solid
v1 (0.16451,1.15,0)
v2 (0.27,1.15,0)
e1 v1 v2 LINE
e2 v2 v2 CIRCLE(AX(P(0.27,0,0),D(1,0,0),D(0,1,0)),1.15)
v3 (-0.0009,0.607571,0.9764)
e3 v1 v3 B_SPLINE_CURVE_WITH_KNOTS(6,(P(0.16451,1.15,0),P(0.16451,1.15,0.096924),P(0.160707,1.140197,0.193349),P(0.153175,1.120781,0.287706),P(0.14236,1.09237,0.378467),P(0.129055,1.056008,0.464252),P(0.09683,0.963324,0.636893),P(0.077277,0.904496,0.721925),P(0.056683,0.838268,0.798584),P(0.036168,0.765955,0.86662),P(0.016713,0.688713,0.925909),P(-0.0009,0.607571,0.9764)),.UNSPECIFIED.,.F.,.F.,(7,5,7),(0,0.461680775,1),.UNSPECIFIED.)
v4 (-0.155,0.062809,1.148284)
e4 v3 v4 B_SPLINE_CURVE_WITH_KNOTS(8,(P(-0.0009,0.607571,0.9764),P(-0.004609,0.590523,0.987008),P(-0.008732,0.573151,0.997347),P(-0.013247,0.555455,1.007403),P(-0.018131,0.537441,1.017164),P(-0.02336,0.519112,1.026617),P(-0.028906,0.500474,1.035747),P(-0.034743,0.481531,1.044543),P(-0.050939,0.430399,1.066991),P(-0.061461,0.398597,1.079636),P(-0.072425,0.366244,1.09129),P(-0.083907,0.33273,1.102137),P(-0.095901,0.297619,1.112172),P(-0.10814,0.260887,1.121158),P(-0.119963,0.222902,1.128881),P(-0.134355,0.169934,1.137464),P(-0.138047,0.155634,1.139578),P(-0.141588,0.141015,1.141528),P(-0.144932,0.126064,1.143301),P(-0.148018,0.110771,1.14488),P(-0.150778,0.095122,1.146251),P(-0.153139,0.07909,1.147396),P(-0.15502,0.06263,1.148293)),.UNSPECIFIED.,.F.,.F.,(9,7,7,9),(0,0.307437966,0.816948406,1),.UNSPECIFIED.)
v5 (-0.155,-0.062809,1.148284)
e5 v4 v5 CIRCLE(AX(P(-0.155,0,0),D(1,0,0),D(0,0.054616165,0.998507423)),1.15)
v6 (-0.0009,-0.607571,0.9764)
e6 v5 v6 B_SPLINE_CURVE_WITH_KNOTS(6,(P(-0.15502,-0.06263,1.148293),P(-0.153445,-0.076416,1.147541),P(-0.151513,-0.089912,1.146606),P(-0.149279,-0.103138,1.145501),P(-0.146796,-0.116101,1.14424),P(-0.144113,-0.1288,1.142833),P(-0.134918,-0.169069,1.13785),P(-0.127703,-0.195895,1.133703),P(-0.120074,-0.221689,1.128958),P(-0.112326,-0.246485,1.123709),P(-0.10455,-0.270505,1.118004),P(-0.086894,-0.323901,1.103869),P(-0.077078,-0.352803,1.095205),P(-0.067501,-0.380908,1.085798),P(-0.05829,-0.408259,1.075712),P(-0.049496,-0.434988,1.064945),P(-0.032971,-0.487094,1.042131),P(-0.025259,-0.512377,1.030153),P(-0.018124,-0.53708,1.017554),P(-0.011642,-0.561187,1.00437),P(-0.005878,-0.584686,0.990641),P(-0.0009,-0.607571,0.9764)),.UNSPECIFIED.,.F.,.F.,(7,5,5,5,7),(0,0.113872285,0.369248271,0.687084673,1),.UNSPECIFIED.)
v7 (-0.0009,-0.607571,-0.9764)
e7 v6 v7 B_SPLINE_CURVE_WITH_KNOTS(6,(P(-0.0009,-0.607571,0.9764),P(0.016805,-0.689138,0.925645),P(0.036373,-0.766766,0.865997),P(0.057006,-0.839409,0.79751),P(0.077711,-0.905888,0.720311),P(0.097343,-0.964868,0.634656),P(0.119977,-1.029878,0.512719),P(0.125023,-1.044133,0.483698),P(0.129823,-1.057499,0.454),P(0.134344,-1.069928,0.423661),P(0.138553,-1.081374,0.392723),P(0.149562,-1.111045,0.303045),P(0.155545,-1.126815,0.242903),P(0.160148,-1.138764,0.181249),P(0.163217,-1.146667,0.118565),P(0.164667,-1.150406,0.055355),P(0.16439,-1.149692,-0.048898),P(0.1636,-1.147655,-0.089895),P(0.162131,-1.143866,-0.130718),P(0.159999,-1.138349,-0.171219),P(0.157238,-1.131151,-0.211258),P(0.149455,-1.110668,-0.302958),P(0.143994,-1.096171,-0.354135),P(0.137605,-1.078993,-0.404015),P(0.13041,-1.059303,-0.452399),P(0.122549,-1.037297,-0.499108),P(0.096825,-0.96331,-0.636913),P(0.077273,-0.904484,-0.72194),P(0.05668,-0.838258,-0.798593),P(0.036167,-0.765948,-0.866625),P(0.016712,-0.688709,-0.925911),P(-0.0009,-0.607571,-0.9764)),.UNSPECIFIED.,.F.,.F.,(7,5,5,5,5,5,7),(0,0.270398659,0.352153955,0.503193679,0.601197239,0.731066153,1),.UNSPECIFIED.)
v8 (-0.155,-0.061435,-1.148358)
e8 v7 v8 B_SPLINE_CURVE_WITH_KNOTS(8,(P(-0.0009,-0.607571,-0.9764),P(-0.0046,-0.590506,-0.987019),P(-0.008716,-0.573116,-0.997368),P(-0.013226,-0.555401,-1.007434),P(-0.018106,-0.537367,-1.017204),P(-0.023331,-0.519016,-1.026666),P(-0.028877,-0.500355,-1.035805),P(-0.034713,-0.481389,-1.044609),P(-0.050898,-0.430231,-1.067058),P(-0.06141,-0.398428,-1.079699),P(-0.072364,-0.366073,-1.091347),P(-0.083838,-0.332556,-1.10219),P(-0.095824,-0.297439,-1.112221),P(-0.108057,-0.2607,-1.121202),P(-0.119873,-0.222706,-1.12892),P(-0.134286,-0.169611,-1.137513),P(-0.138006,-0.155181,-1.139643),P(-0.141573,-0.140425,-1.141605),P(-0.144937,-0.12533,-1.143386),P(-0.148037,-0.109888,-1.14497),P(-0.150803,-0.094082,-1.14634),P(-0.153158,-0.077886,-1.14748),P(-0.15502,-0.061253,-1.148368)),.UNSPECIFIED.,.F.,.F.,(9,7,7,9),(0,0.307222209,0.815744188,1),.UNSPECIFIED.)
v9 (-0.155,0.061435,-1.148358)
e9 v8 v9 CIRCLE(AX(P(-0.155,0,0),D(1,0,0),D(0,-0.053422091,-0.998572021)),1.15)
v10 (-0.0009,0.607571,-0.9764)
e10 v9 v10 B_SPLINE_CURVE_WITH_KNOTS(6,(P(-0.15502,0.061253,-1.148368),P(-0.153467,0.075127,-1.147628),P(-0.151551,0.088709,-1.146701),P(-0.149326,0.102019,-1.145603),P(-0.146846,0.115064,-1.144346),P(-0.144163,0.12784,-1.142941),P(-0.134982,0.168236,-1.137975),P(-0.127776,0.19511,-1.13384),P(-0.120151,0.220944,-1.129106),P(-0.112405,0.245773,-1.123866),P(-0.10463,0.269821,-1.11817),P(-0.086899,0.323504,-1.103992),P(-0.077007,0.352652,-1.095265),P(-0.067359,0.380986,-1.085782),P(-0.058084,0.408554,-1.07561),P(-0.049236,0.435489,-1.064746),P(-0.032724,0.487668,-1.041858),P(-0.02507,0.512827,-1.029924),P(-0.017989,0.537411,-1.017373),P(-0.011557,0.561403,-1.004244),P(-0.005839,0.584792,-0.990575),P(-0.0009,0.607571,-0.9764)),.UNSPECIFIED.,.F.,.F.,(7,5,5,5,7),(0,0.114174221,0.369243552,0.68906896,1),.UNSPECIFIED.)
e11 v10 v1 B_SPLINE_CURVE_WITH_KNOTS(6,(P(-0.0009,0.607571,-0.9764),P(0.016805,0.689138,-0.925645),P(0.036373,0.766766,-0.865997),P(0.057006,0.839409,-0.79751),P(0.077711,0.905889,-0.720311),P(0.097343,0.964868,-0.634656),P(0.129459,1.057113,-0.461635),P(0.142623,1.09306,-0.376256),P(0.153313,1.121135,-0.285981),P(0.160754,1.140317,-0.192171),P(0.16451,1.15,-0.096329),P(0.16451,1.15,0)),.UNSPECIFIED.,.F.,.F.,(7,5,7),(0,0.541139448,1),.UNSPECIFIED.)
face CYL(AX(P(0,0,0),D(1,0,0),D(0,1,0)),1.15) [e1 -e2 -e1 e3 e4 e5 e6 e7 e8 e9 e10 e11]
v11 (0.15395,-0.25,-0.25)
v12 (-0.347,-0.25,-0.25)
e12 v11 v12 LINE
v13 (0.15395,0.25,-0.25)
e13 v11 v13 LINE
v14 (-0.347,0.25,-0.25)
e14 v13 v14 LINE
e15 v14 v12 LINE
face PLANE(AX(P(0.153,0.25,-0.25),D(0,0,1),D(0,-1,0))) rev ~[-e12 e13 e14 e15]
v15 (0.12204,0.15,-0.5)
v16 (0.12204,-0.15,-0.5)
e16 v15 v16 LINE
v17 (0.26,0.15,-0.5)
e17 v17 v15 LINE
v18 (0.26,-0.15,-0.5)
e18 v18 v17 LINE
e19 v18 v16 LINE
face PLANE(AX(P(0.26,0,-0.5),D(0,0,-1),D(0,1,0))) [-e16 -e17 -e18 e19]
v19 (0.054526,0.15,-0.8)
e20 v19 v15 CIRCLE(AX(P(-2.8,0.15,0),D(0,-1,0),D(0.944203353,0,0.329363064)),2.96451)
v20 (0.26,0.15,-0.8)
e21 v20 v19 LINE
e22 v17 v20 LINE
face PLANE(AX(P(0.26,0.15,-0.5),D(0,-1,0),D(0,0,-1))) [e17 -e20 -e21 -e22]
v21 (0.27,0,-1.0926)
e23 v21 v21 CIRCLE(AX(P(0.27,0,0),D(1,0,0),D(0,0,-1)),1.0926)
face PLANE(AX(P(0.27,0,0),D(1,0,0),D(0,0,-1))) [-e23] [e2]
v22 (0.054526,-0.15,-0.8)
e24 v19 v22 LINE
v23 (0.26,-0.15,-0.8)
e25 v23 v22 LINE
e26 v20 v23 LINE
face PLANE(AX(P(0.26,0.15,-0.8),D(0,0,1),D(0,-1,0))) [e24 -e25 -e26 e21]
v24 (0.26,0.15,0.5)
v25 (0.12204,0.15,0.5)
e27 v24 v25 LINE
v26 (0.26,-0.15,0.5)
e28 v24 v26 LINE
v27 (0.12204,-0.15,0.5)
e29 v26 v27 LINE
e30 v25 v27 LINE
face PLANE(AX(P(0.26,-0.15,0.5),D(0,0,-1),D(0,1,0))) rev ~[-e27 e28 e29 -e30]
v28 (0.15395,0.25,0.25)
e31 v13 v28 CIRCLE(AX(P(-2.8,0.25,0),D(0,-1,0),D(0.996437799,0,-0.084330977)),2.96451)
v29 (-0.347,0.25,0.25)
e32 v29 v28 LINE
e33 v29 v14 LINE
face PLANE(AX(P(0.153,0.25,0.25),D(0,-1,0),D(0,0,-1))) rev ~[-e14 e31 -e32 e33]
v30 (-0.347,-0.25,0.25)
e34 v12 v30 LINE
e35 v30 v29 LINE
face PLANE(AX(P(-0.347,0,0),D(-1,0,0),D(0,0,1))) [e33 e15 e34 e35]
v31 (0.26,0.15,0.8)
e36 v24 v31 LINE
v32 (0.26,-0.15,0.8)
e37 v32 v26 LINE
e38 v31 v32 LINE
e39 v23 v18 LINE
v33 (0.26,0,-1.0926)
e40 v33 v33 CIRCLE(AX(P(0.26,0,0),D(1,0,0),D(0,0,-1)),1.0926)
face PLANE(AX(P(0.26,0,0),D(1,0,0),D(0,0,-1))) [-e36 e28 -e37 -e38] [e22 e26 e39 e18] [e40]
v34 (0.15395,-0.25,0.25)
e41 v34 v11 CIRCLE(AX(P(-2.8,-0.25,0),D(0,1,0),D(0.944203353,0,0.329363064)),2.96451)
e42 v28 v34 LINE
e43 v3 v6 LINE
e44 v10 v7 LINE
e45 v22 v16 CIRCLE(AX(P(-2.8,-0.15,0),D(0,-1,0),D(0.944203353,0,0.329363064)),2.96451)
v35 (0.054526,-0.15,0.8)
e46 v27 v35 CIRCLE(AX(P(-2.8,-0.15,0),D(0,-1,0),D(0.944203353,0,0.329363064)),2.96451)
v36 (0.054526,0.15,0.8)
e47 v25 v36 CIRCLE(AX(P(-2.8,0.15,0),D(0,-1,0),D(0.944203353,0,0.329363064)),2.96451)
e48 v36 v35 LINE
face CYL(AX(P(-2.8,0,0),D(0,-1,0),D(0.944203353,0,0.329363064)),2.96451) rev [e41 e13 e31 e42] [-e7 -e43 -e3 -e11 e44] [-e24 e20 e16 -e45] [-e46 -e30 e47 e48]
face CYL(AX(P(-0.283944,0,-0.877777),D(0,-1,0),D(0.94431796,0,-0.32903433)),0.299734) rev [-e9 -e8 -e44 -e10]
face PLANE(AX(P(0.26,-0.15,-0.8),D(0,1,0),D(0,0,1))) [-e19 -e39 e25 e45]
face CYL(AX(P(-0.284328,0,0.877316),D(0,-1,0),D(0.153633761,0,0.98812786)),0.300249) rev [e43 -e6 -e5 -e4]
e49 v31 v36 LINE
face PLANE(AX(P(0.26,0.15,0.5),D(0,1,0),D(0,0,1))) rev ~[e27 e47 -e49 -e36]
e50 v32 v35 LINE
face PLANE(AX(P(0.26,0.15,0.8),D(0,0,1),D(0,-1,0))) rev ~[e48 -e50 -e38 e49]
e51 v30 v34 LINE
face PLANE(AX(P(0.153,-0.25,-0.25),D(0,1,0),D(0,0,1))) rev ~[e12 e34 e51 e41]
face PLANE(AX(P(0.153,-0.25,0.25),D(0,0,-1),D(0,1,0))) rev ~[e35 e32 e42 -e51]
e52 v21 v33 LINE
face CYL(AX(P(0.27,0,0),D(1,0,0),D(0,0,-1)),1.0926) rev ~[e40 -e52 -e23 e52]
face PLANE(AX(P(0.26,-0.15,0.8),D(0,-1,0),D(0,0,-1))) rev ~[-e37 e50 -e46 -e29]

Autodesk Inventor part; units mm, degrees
ref_plane "YZ Plane" through (0, 0, 0) normal (1, 0, 0) x (0, 1, 0)
ref_plane "XZ Plane" through (0, 0, 0) normal (0, 1, 0) x (-1, 0, 0)
ref_plane "XY Plane" through (0, 0, 0) normal (0, 0, 1) x (1, 0, 0)
sketch "Boceto4" plane through (0, 0, 0) normal (1, 0, 0) x (0, 1, 0)
  circle A0 centre (0, 0) radius 1.15
  circle A1 centre (0, 0) radius 1.0926
extrude "Extrusión3" add sketch "Boceto4" along normal blind 0.27 and the other way blind 0.155 contours A0 | A1
sketch "Boceto5" plane through (0, 0, 0) normal (0, 1, 0) x (-1, 0, 0)
  line L0 (-0.27, 1.15) -> (-0.27, -1.15) projected
  line L1 (0.155, -1.15) -> (0.155, 1.15) projected
  line L2 (0.155, -1.15) -> (0.155, 1.15) projected
  line L3 (0.155, -1.15) -> (-0.27, -1.15) projected
  line L4 (0.155, 1.15) -> (-0.27, 1.15) projected
  arc A0 (0.0009, 0.9764) -> (0.0009, -0.9764) centre (2.8, 0) ccw
  arc A1 (0.0009, -0.9764) -> (0.2382, -1.174) centre (0.2842, -0.8776) ccw
  arc A2 (0.2382, 1.174) -> (0.0009, 0.9764) centre (0.2842, 0.8776) ccw
  line L5 (0.2382, -1.174) -> (0.2382, 1.174)
  point P0 (0, 0)
extrude "Extrusión4" cut sketch "Boceto5" along normal mid plane 27 contours A2 L5 A1 L1 | L1 A1 A0 A2
sketch "Boceto6" plane through (0.27, 0, 0) normal (1, 0, 0) x (0, 0, -1)
  line L0 (0, 0) -> (0, 0.25)
  line L1 (0, 0.25) -> (0.25, 0.25)
  line L2 (0.25, 0.25) -> (0.25, -0.25)
  line L3 (0.25, -0.25) -> (-0.25, -0.25)
  line L4 (-0.25, -0.25) -> (-0.25, 0.25)
  line L5 (-0.25, 0.25) -> (0.25, 0.25)
  dimension "d10" = 0.25
  dimension "d11" = 0.25
  dimension "d12" = 0.5
  dimension "d13" = 0.5
  dimension "d14" = 0.5
extrude "Extrusión5" add sketch "Boceto6" against normal blind 0.117
sketch "Boceto7" plane through (0.153, 0, 0) normal (-1, 0, 0) x (0, 0, 1)
  line L0 (-0.25, 0.25) -> (-0.25, -0.25) projected
  line L1 (-0.25, -0.25) -> (0.25, -0.25) projected
  line L2 (0.25, -0.25) -> (0.25, 0.25) projected
  line L3 (0.25, 0.25) -> (-0.25, 0.25) projected
  point P0 (0, 0)
extrude "Extrusión6" add sketch "Boceto7" along normal blind 0.5
sketch "Boceto8" plane through (0.27, 0, 0) normal (1, 0, 0) x (0, 0, -1)
  circle A0 centre (0, 0) radius 1.15
  circle A1 centre (0, 0) radius 1.0926
extrude "Extrusión7" cut sketch "Boceto8" against normal blind 0.01 contours A1
sketch "Boceto9" plane through (0.26, 0, 0) normal (1, 0, 0) x (0, 0, -1)
  line L0 (0.5, 0) -> (0.5, 0.15)
  line L1 (0.5, 0.15) -> (0.8, 0.15)
  line L2 (0.8, 0.15) -> (0.8, -0.15)
  line L3 (0.8, -0.15) -> (0.5, -0.15)
  line L4 (0.5, -0.15) -> (0.5, 0.15)
  line L5 (-0.5, 0) -> (-0.5, 0.15)
  line L6 (-0.5, 0.15) -> (-0.8, 0.15)
  line L7 (-0.8, 0.15) -> (-0.8, -0.15)
  line L8 (-0.8, -0.15) -> (-0.5, -0.15)
  line L9 (-0.5, -0.15) -> (-0.5, 0.15)
  point P0 (0, 0)
  dimension "d21" = 0.5
  dimension "d22" = 0.15
  dimension "d23" = 0.3
  dimension "d24" = 0.3
  dimension "d25" = 0.3
extrude "Extrusión8" cut sketch "Boceto9" against normal blind 0.3
properties part number "ET15"
